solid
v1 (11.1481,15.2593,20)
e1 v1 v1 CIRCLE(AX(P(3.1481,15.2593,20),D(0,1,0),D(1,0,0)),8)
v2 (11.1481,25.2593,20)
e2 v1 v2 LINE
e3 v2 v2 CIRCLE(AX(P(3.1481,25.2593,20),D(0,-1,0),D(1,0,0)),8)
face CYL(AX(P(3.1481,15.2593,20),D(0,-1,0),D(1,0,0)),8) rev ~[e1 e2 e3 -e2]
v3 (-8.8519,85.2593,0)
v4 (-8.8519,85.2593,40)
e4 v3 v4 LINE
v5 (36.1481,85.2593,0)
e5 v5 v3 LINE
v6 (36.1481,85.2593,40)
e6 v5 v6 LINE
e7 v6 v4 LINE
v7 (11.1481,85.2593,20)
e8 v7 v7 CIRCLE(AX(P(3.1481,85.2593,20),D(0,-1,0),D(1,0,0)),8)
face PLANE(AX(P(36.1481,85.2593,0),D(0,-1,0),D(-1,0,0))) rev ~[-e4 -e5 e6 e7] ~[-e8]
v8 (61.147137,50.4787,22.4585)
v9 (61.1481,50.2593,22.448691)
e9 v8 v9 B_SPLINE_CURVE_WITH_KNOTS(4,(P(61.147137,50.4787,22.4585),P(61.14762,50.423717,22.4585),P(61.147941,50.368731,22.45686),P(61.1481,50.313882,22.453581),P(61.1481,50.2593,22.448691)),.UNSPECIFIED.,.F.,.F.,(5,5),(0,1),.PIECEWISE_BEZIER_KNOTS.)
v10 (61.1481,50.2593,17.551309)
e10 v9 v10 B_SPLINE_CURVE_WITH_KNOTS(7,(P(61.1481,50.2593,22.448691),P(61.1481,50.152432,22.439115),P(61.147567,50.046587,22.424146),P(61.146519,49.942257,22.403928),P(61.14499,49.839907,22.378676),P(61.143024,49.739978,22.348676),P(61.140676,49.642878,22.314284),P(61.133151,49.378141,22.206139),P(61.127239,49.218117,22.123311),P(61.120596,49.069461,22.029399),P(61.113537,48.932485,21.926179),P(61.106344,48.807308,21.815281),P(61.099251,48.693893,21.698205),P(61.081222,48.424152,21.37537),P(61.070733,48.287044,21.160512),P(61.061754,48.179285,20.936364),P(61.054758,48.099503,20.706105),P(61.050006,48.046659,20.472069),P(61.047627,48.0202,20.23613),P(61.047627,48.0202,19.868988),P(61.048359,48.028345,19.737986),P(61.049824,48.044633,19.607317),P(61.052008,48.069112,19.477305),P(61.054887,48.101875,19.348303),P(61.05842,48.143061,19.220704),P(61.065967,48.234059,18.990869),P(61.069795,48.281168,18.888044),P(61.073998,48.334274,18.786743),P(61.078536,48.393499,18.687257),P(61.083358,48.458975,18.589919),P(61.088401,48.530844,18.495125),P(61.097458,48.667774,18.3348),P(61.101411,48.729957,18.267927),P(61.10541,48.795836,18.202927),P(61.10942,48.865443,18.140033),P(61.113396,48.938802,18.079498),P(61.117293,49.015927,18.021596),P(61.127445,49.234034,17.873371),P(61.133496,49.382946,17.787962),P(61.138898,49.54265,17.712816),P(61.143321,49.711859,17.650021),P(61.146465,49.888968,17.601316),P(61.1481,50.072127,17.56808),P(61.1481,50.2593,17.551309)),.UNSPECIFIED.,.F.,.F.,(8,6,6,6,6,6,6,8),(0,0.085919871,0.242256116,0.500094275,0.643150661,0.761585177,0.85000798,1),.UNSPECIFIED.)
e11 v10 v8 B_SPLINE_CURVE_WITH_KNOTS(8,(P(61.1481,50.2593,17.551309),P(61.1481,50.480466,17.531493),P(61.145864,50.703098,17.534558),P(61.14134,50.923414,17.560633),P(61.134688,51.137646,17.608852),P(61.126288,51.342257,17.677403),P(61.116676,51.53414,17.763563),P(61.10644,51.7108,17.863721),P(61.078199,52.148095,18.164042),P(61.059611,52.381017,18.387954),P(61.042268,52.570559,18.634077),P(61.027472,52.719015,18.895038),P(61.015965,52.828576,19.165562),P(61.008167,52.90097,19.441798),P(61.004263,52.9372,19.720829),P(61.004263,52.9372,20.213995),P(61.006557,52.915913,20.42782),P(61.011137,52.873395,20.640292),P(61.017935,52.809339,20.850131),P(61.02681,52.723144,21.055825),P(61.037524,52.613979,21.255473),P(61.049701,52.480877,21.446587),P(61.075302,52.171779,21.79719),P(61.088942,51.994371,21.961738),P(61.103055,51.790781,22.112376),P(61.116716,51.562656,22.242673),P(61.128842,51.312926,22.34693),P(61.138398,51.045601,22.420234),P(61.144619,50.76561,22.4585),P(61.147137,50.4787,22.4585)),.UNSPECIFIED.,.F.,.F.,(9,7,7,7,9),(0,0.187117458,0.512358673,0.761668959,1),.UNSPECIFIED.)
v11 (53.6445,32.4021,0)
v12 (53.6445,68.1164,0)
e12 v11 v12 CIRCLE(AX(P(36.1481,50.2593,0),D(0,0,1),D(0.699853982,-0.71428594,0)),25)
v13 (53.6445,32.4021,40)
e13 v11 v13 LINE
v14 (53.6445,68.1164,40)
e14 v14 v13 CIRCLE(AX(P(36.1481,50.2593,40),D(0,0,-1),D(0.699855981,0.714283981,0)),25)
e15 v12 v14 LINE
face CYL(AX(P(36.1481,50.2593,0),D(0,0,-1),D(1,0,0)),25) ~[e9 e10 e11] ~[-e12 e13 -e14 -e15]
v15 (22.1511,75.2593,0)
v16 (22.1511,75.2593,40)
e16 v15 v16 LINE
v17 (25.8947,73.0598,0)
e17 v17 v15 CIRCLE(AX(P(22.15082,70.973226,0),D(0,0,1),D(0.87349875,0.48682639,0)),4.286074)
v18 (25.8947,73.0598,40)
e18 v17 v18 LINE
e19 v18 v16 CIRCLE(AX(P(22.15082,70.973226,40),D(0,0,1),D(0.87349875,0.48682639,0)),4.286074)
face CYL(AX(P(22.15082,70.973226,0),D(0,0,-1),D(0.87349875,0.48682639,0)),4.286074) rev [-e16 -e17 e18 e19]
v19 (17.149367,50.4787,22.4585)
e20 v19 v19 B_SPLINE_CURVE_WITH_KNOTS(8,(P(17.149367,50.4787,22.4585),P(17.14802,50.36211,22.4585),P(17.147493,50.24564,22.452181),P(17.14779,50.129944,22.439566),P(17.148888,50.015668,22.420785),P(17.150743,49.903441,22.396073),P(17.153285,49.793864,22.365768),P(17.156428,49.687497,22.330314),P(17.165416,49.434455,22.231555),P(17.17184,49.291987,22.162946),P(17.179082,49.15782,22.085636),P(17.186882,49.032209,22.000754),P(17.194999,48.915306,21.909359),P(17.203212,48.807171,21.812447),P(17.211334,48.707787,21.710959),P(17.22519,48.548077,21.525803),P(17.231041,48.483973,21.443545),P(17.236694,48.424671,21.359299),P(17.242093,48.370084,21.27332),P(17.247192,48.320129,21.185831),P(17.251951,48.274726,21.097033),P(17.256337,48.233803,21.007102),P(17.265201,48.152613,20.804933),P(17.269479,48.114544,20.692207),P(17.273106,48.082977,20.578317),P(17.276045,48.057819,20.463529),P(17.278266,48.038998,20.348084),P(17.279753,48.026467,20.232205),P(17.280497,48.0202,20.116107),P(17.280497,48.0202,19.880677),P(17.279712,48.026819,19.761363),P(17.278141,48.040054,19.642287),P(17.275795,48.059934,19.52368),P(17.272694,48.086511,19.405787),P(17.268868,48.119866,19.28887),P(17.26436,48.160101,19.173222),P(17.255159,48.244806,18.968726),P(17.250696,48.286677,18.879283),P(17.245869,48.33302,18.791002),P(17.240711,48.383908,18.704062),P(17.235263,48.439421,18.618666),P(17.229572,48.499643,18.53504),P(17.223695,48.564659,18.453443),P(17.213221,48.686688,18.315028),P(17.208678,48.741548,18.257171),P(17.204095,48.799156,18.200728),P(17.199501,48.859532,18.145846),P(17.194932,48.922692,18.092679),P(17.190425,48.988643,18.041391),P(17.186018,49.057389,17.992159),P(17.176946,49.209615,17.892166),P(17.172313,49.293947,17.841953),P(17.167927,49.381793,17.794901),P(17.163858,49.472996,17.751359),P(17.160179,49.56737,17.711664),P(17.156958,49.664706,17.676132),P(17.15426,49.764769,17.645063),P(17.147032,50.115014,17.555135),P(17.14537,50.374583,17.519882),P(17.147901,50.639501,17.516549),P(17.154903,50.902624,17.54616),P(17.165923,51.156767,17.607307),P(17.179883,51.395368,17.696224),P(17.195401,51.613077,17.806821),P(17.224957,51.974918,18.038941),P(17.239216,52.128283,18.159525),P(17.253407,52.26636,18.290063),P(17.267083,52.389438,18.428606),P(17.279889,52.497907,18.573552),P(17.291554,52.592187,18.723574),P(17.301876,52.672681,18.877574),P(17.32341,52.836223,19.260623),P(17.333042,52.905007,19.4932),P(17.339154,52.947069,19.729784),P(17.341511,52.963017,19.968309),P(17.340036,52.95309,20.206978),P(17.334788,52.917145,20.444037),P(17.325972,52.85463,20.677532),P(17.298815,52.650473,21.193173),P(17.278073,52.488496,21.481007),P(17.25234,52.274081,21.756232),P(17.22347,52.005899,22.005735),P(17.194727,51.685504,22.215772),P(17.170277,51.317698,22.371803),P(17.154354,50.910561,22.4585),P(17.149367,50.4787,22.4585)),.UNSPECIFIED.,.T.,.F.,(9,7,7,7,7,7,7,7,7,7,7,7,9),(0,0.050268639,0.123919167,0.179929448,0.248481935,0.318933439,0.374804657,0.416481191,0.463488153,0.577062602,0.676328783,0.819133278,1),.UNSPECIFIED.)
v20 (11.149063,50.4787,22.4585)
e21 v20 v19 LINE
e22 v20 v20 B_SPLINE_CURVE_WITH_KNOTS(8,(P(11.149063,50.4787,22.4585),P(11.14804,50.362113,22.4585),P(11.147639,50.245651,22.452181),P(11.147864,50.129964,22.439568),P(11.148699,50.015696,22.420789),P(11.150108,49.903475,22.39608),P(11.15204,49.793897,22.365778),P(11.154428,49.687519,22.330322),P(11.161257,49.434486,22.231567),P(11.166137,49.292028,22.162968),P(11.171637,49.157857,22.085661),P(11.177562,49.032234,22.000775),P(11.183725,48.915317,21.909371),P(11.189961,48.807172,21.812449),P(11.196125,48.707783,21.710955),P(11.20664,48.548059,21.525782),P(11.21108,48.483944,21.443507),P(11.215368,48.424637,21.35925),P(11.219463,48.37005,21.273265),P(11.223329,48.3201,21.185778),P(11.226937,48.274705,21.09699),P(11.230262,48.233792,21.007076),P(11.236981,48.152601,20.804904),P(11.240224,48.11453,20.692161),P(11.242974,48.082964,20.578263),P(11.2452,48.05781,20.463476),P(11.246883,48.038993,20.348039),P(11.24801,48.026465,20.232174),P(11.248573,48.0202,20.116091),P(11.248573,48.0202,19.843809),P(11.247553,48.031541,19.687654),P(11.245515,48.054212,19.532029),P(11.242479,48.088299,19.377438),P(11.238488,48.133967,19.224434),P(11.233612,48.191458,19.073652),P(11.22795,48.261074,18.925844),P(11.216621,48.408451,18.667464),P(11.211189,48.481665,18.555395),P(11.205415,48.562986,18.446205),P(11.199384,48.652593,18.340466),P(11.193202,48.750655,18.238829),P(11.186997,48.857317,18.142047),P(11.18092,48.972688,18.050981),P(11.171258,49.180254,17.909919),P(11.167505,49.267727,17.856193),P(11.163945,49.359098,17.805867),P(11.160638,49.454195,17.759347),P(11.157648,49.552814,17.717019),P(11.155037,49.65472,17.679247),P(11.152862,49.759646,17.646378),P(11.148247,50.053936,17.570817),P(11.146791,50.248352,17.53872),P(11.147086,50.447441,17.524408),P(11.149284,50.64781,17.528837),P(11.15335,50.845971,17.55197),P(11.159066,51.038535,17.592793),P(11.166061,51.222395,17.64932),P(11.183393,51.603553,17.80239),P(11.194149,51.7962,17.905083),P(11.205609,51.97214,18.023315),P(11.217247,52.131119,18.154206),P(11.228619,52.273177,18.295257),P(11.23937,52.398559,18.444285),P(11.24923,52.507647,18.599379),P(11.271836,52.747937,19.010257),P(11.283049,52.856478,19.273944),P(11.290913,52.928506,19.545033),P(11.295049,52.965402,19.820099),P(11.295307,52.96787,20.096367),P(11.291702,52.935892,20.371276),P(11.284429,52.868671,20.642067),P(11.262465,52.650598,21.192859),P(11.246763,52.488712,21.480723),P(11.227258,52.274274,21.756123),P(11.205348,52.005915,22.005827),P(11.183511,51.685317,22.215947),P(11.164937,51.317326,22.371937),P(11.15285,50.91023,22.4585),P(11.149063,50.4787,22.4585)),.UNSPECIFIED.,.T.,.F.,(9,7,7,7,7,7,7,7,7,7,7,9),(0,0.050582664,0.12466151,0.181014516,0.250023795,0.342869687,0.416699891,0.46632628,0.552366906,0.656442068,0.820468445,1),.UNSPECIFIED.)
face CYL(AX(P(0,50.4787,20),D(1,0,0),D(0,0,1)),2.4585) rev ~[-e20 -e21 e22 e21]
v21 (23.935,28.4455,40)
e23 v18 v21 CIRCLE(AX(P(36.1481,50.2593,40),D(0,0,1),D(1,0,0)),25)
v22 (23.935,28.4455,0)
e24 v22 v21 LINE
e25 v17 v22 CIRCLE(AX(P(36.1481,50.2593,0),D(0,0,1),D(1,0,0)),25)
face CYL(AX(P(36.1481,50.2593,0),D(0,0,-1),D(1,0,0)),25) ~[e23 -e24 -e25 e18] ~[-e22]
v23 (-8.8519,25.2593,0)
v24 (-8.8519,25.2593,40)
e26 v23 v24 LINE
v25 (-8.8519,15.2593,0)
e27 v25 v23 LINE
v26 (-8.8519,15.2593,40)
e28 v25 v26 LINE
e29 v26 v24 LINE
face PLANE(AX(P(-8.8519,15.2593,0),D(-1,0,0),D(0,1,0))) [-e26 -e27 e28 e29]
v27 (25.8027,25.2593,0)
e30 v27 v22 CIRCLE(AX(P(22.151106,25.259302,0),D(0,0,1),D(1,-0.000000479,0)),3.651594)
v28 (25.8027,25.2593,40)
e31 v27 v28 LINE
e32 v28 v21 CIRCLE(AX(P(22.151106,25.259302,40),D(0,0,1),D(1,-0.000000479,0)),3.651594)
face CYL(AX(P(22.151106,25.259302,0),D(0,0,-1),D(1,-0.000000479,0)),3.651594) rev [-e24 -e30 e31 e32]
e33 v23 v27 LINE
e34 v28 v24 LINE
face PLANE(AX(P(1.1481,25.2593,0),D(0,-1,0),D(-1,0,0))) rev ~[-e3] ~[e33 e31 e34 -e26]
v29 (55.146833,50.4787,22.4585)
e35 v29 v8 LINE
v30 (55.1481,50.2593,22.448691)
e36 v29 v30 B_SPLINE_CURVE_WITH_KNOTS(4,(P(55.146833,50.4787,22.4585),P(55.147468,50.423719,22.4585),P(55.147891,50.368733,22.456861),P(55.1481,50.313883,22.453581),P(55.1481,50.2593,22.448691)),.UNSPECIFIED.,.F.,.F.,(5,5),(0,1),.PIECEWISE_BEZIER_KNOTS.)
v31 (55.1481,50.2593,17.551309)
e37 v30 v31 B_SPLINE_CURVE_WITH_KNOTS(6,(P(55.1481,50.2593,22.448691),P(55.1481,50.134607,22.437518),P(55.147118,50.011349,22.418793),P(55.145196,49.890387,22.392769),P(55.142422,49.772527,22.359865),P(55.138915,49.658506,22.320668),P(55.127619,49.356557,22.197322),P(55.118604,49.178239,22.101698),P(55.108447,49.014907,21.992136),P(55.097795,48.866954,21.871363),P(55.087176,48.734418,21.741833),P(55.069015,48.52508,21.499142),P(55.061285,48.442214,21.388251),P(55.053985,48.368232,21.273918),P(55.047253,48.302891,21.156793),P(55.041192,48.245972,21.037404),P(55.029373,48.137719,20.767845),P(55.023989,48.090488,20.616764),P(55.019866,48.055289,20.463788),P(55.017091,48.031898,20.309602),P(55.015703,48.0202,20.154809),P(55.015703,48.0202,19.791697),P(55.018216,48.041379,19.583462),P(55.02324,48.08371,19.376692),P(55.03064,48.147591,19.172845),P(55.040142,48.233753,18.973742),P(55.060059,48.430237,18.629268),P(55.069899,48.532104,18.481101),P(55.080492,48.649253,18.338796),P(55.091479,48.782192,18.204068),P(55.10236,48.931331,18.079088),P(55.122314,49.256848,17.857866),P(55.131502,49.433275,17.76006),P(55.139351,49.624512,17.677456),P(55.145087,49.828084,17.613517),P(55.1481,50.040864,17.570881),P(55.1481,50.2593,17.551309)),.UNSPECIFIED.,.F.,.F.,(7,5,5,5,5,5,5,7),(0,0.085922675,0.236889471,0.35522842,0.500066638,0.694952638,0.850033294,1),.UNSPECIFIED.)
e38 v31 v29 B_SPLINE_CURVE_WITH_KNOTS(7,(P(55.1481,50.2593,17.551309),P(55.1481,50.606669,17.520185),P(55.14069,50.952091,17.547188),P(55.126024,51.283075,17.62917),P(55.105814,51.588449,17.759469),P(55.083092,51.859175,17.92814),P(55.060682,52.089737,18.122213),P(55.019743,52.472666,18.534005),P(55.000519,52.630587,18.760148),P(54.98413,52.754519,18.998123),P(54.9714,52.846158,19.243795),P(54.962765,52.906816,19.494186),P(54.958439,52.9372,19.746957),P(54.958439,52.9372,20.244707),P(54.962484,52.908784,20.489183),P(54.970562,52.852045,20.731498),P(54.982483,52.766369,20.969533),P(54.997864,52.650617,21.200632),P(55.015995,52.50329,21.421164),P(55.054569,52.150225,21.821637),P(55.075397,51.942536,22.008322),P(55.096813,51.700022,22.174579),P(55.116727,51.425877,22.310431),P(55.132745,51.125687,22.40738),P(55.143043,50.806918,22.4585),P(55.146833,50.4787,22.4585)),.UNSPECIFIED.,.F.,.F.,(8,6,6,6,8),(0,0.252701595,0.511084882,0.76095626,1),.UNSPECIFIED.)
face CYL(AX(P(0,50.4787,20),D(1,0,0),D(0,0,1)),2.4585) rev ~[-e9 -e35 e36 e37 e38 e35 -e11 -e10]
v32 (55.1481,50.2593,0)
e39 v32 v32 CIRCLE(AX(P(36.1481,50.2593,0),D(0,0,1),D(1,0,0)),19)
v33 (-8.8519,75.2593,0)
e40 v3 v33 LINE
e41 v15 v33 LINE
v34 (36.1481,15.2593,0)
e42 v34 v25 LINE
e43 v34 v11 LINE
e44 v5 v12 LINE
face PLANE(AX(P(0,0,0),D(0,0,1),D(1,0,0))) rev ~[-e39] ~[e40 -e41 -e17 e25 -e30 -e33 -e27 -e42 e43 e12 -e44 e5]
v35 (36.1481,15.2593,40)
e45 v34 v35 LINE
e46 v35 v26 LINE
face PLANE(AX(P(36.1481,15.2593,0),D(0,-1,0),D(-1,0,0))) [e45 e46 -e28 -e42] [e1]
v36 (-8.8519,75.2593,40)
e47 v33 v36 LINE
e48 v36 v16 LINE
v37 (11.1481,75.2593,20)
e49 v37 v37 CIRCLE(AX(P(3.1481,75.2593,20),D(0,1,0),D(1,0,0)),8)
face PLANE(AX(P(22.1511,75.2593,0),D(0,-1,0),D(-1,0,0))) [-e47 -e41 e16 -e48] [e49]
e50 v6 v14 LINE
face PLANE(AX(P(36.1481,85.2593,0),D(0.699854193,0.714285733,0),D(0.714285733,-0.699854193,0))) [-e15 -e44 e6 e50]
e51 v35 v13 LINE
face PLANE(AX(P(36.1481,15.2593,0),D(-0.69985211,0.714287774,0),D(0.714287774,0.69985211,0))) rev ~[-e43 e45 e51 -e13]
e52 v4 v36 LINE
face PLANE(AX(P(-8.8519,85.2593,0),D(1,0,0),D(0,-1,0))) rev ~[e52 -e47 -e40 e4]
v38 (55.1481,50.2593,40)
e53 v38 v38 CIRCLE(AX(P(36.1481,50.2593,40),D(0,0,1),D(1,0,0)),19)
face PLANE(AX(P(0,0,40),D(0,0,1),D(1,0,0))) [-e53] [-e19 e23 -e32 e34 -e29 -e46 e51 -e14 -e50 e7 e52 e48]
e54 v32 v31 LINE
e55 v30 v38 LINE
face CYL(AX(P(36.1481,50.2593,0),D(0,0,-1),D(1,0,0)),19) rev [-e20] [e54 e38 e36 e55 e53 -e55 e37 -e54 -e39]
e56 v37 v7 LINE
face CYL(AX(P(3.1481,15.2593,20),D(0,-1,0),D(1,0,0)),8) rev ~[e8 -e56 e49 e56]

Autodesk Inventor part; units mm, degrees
ref_plane "YZ Plane" through (0, 0, 0) normal (1, 0, 0) x (0, 1, 0)
ref_plane "XZ Plane" through (0, 0, 0) normal (0, 1, 0) x (-1, 0, 0)
ref_plane "XY Plane" through (0, 0, 0) normal (0, 0, 1) x (1, 0, 0)
sketch "Sketch1" plane through (0, 0, 0) normal (0, 0, 1) x (1, 0, 0)
  circle A0 centre (36.1481, 50.2593) radius 25
  circle A1 centre (36.1481, 50.2593) radius 19
  line L0 (36.1481, 75.2593) -> (1.1481, 75.2593)
  line L1 (36.1481, 85.2593) -> (-8.8519, 85.2593)
  line L2 (-8.8519, 85.2593) -> (-8.8519, 75.2593)
  line L3 (36.1481, 85.2593) -> (36.1481, 75.2593)
  line L4 (1.1481, 75.2593) -> (-8.8519, 75.2593)
  line L5 (36.1481, 25.2593) -> (1.1481, 25.2593)
  line L6 (36.1481, 15.2593) -> (-8.8519, 15.2593)
  line L7 (1.1481, 25.2593) -> (-8.8519, 25.2593)
  line L8 (36.1481, 15.2593) -> (36.1481, 25.2593)
  line L9 (-8.8519, 15.2593) -> (-8.8519, 25.2593)
  line L10 (36.1481, 85.2593) -> (53.6445, 68.1164)
  line L11 (36.1481, 15.2593) -> (53.6445, 32.4021)
  arc A2 (25.8947, 73.0598) -> (22.1511, 75.2593) centre (22.1511, 70.9735) ccw
  arc A3 (25.8027, 25.2593) -> (23.935, 28.4455) centre (22.1511, 25.2593) ccw
  point P0 (0, 0)
  dimension "d0" = 38
  dimension "d1" = 10
extrude "Extrusion1" add sketch "Sketch1" along normal blind 40
sketch "Sketch2" plane through (-8.8519, 15.2593, 0) normal (0, -1, 0) x (1, 0, 0)
  line L0 (0, 0) -> (0, 40) projected
  line L1 (0, 20) -> (12, 20)
  circle A0 centre (12, 20) radius 8
  point P0 (8.8519, 0)
  dimension "d4" = 12
  dimension "d5" = 16
extrude "Extrusion2" cut sketch "Sketch2" against normal blind 80
sketch "Sketch4" plane through (0, 0, 0) normal (1, 0, 0) x (0, 1, 0)
  line L0 (15.2593, 0) -> (15.2593, 40) projected
  line L1 (15.2593, 20) -> (85.6982, 20)
  point P0 (0, 0)
  point P1 (50.4787, 20)
hole "Hole1" at (0, 50.4787, 20) direction (1, 0, 0) diameter 4.917 depth 85.1 tip angle 118 thread size "M6x1" class "6H" standard "ANSI Metric M Profile"
properties part number "MANCAL_SUPORTE_EIXO" material "SAE 1010/1020"
